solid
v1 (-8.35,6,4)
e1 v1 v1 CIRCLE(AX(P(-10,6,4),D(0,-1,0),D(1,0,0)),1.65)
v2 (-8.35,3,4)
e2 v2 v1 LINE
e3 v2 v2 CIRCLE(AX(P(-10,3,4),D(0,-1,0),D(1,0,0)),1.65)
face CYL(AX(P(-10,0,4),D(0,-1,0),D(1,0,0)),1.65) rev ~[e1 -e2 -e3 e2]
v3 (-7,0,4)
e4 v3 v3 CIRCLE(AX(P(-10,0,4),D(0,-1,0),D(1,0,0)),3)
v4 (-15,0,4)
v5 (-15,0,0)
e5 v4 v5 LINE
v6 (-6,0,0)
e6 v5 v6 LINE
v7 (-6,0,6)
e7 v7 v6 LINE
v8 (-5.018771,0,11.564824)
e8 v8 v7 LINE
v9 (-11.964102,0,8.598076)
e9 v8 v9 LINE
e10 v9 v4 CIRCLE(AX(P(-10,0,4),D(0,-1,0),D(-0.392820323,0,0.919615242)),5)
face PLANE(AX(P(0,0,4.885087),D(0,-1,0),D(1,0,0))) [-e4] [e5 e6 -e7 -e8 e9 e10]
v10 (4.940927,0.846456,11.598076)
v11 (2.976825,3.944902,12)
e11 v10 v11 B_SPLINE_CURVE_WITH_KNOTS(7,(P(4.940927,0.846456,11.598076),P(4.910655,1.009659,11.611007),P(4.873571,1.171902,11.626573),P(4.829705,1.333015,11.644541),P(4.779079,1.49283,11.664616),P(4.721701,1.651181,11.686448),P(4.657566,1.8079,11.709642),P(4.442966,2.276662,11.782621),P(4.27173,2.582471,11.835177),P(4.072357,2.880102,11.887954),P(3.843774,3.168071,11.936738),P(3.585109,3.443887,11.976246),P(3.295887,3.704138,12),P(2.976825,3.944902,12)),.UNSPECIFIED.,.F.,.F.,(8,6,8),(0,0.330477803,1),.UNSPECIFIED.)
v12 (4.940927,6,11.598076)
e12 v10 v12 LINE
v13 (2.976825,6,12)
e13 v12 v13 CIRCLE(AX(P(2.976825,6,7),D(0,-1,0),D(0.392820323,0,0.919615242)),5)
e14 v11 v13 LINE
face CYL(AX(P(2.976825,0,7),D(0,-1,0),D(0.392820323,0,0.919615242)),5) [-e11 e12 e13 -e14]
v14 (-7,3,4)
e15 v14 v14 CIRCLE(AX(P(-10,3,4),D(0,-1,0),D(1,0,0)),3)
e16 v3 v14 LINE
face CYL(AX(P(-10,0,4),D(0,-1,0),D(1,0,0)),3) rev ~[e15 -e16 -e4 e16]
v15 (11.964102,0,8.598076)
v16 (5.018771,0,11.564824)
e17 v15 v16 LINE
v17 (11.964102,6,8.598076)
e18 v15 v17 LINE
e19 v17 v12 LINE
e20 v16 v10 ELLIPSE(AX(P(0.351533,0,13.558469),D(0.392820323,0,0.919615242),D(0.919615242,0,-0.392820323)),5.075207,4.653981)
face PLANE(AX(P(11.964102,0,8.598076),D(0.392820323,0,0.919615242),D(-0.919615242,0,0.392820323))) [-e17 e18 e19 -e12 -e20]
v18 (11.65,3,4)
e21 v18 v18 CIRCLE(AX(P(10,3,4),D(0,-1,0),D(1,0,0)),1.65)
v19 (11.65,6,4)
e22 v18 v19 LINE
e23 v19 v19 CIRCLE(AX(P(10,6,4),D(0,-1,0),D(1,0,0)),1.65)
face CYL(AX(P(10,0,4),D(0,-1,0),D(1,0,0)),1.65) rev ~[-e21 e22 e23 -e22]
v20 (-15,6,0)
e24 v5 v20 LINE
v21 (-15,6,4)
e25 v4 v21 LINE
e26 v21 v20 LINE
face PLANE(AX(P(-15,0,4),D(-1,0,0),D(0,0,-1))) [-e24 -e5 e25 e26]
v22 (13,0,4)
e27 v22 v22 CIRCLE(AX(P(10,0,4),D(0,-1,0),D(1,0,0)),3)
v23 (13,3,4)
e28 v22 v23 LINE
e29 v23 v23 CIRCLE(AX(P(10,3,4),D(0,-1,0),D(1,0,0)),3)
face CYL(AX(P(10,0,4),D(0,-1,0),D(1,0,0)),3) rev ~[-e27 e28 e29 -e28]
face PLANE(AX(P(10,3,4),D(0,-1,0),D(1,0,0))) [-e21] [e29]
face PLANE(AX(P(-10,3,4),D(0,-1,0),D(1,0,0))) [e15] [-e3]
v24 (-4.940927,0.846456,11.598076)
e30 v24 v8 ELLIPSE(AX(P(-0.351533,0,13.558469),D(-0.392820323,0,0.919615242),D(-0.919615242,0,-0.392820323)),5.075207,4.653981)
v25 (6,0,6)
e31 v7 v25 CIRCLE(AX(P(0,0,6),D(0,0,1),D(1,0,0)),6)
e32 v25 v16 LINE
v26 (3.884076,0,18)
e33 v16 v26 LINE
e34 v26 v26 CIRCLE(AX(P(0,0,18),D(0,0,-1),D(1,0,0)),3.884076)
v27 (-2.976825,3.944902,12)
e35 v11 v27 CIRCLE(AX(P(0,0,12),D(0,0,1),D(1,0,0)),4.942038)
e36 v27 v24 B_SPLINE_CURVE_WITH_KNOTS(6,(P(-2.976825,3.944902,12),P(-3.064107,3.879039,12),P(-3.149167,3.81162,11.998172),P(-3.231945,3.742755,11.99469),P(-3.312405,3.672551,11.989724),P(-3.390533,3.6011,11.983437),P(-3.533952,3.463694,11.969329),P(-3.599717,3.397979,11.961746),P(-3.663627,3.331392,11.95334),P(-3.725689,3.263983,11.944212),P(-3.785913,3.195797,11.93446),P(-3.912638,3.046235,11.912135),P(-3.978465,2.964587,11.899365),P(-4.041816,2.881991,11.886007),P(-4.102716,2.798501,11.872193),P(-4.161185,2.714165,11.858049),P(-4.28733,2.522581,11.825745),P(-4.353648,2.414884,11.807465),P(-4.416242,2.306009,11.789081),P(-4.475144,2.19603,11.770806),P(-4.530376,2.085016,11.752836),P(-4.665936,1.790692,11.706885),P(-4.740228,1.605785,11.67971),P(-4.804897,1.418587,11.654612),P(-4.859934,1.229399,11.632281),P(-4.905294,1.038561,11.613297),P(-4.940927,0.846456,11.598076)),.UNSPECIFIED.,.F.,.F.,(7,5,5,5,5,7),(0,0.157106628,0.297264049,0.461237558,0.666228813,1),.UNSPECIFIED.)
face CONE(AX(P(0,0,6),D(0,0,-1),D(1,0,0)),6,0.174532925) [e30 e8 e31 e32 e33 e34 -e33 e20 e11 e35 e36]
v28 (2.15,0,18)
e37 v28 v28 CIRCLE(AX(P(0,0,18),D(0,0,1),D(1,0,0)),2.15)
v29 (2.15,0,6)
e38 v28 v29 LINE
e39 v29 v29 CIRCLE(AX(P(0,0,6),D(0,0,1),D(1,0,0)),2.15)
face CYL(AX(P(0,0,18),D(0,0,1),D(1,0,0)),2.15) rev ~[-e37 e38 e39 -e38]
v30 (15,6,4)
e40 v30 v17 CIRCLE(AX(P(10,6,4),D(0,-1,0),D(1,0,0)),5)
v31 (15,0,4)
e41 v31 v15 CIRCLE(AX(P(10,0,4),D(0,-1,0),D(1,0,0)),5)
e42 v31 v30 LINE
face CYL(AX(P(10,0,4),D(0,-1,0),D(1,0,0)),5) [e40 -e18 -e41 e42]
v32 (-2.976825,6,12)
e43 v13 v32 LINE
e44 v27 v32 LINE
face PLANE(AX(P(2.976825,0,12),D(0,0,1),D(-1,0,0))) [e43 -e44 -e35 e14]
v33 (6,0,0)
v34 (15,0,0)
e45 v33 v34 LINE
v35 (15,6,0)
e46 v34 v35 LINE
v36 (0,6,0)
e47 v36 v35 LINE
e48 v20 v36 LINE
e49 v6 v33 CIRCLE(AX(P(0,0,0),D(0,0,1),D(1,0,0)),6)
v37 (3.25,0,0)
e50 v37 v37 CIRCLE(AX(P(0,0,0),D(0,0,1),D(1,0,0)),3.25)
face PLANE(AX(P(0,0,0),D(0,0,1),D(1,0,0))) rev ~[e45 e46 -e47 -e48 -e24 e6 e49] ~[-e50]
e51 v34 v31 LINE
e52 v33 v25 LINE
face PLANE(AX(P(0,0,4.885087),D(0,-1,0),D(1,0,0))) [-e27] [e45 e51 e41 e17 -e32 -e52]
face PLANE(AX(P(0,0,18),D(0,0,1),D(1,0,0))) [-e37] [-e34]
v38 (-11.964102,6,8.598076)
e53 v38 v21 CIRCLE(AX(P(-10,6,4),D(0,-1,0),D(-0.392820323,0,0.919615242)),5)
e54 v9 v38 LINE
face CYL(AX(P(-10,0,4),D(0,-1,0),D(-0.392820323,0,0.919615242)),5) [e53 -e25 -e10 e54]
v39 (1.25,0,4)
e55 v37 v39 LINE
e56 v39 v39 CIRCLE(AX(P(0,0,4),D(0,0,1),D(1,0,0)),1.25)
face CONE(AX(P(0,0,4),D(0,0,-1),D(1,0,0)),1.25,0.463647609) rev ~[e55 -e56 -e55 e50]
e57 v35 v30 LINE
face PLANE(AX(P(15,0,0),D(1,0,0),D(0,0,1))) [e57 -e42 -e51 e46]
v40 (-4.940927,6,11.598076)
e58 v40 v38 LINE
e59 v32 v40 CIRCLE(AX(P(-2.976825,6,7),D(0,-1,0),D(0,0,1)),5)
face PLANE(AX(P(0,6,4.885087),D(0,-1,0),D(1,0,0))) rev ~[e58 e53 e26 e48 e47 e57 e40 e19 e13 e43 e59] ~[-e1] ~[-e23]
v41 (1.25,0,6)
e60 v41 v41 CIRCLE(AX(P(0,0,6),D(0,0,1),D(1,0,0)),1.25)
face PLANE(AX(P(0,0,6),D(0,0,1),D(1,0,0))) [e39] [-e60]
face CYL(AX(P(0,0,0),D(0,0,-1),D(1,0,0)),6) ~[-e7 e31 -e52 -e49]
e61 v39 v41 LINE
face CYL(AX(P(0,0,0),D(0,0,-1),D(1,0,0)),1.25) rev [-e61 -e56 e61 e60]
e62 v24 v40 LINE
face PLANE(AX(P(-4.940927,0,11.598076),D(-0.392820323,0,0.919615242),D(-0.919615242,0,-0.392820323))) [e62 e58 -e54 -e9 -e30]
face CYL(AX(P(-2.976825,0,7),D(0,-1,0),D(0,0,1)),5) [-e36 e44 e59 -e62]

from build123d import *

# Parameters (mm, degrees)
F1_R      = 1.65
F2_DEPTH  = 6
F3_R      = 3.75
F4_DEPTH  = 12.001
F5_R      = 6
F5_R_2    = 1.25
F6_DEPTH  = 6
F7_SIZE2  = 4
F7_SIZE   = 2
F8_R      = 6
F9_DEPTH  = 12
F9_TAPER  = 10
F10_R     = 2.15
F11_DEPTH = 12
F12_R     = 3
F13_DEPTH = 3
F14_R     = 3
F15_DEPTH = 3


with BuildPart() as f2:
    # F1 (on Front) → F2 (new body)
    with BuildSketch(Plane.XZ):
        with BuildLine():
            Line((15, 0), (15, 4))
            ThreePointArc((15, 4), (14.1725596506, 6.7549493575), (11.9641016151, 8.5980762114))
            Line((11.9641016151, 8.5980762114), (4.9409269852, 11.5980762114))
            ThreePointArc((4.9409269852, 11.5980762114), (3.9792272214, 11.8984885963), (2.9768253701, 12))
            Line((2.9768253701, 12), (0, 12))
            Line((0, 12), (-2.9768253701, 12))
            ThreePointArc((-2.9768253701, 12), (-3.9792272214, 11.8984885963), (-4.9409269852, 11.5980762114))
            Line((-4.9409269852, 11.5980762114), (-11.9641016151, 8.5980762114))
            ThreePointArc((-11.9641016151, 8.5980762114), (-14.1725596506, 6.7549493575), (-15, 4))
            Line((-15, 4), (-15, 0))
            Line((-15, 0), (0, 0))
            Line((0, 0), (15, 0))
        make_face()
        with Locations((-10, 4)):
            Circle(F1_R, mode=Mode.SUBTRACT)
        with Locations((10, 4)):
            Circle(F1_R, mode=Mode.SUBTRACT)
    extrude(amount=-F2_DEPTH)

    # F3 (on face) → F4 (cut, through all)
    with BuildSketch(Plane.XY.offset(12)):
        Circle(F3_R)
    extrude(amount=-F4_DEPTH, mode=Mode.SUBTRACT)



with BuildPart() as f6:
    # F5 (on Top) → F6 (new body)
    with BuildSketch(Plane.XY):
        Circle(F5_R)
        Circle(F5_R_2, mode=Mode.SUBTRACT)
    extrude(amount=F6_DEPTH)

    # F7
    f7_edges = [f6.edges().sort_by_distance(p)[0] for p in [
        (-1.25, 0, 0),
    ]]
    f7_side = f6.faces().sort_by_distance((-5.830294, 0, 0))[0]
    chamfer(f7_edges, length=F7_SIZE, length2=F7_SIZE2, reference=f7_side)


with BuildPart() as f2_1:
    add(f2.part)

    add(f6.part)  # F9 merges F6
    # F8 (on face) → F9 (join)
    with BuildSketch(Plane.XY.offset(6)):
        Circle(F8_R)
    extrude(amount=F9_DEPTH, taper=F9_TAPER)

    # F10 (on face) → F11 (cut)
    with BuildSketch(Plane.XY.offset(18)):
        Circle(F10_R)
    extrude(amount=-F11_DEPTH, mode=Mode.SUBTRACT)

    # F12 (on face) → F13 (cut)
    with BuildSketch(Plane.XZ):
        with Locations((-10, 4)):
            Circle(F12_R)
    extrude(amount=-F13_DEPTH, mode=Mode.SUBTRACT)

    # F14 (on face) → F15 (cut)
    with BuildSketch(Plane.XZ):
        with Locations((10, 4)):
            Circle(F14_R)
    extrude(amount=-F15_DEPTH, mode=Mode.SUBTRACT)


solid = f2_1.part
